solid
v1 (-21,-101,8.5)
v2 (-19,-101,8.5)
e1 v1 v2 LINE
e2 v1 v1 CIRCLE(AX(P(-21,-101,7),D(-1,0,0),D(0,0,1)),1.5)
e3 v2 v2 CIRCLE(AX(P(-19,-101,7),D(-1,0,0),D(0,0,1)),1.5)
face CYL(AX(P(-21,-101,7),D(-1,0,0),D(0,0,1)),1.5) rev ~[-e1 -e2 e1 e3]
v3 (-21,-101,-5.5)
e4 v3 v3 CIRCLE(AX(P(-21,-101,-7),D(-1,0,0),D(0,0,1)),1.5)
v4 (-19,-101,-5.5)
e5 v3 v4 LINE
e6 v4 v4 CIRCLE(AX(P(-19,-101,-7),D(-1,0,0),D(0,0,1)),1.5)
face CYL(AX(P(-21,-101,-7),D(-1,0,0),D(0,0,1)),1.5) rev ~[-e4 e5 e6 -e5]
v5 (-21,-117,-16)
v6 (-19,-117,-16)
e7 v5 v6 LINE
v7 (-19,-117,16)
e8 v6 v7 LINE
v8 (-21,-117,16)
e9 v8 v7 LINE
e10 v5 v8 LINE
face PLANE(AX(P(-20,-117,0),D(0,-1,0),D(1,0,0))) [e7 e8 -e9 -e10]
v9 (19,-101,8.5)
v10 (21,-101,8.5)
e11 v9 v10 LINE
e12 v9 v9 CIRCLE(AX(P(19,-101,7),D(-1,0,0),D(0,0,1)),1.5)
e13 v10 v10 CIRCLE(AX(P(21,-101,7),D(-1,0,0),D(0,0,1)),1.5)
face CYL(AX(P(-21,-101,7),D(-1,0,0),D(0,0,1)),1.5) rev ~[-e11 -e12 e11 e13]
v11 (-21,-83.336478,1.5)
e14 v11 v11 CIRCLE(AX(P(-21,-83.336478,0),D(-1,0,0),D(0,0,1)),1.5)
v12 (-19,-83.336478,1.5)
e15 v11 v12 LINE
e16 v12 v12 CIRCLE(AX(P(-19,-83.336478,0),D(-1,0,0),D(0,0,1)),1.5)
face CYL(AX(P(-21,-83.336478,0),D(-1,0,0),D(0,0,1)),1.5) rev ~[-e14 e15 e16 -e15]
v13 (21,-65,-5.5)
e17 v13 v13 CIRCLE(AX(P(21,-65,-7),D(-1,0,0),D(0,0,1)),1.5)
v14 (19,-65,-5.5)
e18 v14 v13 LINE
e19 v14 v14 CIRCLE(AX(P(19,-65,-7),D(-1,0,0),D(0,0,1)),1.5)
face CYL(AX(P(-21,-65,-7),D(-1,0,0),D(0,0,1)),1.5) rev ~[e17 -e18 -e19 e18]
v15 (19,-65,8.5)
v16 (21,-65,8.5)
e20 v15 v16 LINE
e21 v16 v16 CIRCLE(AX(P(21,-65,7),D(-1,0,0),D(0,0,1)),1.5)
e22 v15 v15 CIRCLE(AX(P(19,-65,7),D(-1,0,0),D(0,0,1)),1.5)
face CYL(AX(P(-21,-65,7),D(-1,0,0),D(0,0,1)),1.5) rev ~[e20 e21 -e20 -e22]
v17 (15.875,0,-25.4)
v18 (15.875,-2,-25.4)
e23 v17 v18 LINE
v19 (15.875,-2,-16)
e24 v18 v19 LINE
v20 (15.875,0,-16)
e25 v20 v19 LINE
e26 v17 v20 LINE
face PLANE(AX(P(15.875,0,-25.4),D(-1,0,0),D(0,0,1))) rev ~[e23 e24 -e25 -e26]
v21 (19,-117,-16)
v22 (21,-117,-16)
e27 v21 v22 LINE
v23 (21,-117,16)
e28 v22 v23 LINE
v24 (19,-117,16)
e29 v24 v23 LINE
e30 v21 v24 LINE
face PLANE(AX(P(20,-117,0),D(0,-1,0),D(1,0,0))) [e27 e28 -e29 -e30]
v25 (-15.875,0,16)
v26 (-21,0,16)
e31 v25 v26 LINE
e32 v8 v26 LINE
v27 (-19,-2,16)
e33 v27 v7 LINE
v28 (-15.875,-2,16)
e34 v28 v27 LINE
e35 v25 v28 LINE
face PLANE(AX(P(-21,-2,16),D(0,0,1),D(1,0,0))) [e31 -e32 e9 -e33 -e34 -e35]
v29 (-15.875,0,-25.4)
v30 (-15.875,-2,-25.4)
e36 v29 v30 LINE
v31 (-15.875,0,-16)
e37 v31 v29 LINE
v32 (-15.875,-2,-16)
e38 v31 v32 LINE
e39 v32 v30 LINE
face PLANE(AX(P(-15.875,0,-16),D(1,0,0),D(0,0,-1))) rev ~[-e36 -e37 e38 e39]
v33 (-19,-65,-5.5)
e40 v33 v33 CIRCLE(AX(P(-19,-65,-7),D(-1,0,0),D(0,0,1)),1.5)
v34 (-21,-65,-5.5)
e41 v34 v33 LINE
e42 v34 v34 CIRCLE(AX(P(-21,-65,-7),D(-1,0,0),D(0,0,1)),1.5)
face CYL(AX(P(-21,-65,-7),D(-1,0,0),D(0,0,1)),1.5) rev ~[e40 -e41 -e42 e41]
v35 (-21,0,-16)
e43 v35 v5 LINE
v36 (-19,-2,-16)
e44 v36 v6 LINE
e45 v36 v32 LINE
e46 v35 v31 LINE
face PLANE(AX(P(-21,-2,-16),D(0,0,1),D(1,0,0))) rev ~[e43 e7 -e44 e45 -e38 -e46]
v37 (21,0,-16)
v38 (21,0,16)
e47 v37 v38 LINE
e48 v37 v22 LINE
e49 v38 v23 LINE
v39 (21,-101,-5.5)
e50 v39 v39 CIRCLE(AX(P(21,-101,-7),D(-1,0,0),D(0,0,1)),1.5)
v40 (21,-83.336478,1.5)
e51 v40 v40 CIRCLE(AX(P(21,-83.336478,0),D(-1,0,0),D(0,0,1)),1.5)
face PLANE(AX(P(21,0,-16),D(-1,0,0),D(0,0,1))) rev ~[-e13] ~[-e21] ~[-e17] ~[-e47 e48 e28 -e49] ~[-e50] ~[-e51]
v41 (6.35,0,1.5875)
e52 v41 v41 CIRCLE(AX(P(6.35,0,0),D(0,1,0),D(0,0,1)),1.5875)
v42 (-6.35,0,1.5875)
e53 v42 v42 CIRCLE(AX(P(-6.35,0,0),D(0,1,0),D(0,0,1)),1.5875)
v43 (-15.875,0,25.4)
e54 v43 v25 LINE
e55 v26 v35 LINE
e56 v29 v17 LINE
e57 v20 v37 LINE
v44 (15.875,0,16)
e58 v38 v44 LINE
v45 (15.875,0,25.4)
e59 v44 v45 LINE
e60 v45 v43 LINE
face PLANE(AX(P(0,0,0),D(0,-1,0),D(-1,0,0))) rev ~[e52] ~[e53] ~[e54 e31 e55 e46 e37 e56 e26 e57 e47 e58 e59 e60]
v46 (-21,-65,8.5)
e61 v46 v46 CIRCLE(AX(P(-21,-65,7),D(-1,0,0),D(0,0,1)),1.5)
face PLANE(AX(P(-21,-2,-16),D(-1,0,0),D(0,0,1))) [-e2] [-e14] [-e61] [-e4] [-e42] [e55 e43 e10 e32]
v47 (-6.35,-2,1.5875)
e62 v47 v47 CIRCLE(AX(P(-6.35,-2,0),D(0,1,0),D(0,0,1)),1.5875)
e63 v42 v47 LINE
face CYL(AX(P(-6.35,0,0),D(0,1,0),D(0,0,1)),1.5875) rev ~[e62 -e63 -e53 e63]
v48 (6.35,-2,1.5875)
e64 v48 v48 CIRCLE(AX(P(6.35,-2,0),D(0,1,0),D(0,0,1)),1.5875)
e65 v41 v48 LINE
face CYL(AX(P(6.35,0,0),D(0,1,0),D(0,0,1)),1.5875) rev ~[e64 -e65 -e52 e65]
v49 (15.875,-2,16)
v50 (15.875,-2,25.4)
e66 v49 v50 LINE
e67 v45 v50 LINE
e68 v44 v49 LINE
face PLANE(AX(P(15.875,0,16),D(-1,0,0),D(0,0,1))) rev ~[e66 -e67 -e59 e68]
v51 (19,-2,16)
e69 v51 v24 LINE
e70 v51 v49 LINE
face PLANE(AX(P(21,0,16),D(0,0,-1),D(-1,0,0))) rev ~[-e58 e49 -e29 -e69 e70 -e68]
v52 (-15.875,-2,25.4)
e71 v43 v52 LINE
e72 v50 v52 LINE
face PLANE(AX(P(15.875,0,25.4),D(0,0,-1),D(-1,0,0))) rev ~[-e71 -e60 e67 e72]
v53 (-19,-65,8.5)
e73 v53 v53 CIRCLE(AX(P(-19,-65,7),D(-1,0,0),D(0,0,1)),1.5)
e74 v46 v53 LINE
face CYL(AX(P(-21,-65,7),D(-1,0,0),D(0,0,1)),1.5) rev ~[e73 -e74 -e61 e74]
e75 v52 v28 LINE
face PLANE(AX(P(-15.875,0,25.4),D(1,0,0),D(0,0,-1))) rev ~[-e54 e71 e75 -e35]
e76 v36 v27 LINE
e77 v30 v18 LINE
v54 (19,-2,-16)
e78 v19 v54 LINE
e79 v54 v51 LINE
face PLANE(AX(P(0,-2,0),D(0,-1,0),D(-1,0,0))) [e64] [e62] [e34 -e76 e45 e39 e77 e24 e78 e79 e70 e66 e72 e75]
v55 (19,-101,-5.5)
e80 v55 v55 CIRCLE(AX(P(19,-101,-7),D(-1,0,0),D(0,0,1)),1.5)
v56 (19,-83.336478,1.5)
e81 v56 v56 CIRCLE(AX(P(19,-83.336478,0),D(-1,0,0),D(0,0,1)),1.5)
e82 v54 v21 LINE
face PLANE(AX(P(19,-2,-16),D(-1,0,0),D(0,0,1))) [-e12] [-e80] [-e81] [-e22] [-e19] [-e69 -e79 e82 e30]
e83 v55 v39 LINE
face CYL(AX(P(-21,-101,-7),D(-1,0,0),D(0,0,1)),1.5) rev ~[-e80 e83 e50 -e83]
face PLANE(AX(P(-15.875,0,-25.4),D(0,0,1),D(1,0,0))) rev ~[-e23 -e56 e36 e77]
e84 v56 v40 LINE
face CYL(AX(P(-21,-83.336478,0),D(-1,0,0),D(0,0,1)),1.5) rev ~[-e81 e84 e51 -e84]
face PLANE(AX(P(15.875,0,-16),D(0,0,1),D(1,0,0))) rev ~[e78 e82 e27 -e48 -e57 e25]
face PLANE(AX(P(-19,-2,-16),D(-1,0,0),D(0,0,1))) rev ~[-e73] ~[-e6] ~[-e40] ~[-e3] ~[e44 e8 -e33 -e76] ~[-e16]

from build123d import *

# Parameters (mm, degrees)
BOSS_EXTRUDE1_DEPTH = 2
SKETCH2_W           = 2
SKETCH2_H           = 32
BOSS_EXTRUDE2_DEPTH = 115
SKETCH3_R           = 1.5
CUT_EXTRUDE1_DEPTH  = 127.878524582
SKETCH4_R           = 1.5875
CUT_EXTRUDE2_DEPTH  = 122.553115962


with BuildPart() as part:
    # Sketch1 → Boss-Extrude1 (new body)
    with BuildSketch(Plane(origin=(0, 0, 0), x_dir=(1, 0, 0), z_dir=(0, 1, 0))):
        Polygon((-21, 16), (-15.875, 16), (-15.875, 25.4), (15.875, 25.4), (15.875, 16), (21, 16), (21, -16), (15.875, -16), (15.875, -25.4), (-15.875, -25.4), (-15.875, -16), (-21, -16), align=None)
    extrude(amount=-BOSS_EXTRUDE1_DEPTH)

    # Sketch2 → Boss-Extrude2 (add)
    with BuildSketch(Plane.XZ.offset(2)):
        with Locations((-20, 0)):
            Rectangle(SKETCH2_W, SKETCH2_H)
        with Locations((20, 0)):
            Rectangle(SKETCH2_W, SKETCH2_H)
    extrude(amount=BOSS_EXTRUDE2_DEPTH)

    # Sketch3 → Cut-Extrude1 (cut, through all)
    with BuildSketch(Plane.ZY.offset(21)):
        with Locations((-7, -65)):
            Circle(SKETCH3_R)
        with Locations((7, -65)):
            Circle(SKETCH3_R)
        with Locations((7, -101)):
            Circle(SKETCH3_R)
        with Locations((-7, -101)):
            Circle(SKETCH3_R)
        with Locations((0, -83.336478267)):
            Circle(SKETCH3_R)
    extrude(amount=-CUT_EXTRUDE1_DEPTH, mode=Mode.SUBTRACT)

    # Sketch4 → Cut-Extrude2 (cut, through all)
    with BuildSketch(Plane(origin=(0, 0, 0), x_dir=(1, 0, 0), z_dir=(0, 1, 0))):
        with Locations(Location((-6.35, 0, 0), (0, 0, 270))):
            Circle(SKETCH4_R)
        with Locations(Location((6.35, 0, 0), (0, 0, 270))):
            Circle(SKETCH4_R)
    extrude(amount=-CUT_EXTRUDE2_DEPTH, mode=Mode.SUBTRACT)


solid = part.part
